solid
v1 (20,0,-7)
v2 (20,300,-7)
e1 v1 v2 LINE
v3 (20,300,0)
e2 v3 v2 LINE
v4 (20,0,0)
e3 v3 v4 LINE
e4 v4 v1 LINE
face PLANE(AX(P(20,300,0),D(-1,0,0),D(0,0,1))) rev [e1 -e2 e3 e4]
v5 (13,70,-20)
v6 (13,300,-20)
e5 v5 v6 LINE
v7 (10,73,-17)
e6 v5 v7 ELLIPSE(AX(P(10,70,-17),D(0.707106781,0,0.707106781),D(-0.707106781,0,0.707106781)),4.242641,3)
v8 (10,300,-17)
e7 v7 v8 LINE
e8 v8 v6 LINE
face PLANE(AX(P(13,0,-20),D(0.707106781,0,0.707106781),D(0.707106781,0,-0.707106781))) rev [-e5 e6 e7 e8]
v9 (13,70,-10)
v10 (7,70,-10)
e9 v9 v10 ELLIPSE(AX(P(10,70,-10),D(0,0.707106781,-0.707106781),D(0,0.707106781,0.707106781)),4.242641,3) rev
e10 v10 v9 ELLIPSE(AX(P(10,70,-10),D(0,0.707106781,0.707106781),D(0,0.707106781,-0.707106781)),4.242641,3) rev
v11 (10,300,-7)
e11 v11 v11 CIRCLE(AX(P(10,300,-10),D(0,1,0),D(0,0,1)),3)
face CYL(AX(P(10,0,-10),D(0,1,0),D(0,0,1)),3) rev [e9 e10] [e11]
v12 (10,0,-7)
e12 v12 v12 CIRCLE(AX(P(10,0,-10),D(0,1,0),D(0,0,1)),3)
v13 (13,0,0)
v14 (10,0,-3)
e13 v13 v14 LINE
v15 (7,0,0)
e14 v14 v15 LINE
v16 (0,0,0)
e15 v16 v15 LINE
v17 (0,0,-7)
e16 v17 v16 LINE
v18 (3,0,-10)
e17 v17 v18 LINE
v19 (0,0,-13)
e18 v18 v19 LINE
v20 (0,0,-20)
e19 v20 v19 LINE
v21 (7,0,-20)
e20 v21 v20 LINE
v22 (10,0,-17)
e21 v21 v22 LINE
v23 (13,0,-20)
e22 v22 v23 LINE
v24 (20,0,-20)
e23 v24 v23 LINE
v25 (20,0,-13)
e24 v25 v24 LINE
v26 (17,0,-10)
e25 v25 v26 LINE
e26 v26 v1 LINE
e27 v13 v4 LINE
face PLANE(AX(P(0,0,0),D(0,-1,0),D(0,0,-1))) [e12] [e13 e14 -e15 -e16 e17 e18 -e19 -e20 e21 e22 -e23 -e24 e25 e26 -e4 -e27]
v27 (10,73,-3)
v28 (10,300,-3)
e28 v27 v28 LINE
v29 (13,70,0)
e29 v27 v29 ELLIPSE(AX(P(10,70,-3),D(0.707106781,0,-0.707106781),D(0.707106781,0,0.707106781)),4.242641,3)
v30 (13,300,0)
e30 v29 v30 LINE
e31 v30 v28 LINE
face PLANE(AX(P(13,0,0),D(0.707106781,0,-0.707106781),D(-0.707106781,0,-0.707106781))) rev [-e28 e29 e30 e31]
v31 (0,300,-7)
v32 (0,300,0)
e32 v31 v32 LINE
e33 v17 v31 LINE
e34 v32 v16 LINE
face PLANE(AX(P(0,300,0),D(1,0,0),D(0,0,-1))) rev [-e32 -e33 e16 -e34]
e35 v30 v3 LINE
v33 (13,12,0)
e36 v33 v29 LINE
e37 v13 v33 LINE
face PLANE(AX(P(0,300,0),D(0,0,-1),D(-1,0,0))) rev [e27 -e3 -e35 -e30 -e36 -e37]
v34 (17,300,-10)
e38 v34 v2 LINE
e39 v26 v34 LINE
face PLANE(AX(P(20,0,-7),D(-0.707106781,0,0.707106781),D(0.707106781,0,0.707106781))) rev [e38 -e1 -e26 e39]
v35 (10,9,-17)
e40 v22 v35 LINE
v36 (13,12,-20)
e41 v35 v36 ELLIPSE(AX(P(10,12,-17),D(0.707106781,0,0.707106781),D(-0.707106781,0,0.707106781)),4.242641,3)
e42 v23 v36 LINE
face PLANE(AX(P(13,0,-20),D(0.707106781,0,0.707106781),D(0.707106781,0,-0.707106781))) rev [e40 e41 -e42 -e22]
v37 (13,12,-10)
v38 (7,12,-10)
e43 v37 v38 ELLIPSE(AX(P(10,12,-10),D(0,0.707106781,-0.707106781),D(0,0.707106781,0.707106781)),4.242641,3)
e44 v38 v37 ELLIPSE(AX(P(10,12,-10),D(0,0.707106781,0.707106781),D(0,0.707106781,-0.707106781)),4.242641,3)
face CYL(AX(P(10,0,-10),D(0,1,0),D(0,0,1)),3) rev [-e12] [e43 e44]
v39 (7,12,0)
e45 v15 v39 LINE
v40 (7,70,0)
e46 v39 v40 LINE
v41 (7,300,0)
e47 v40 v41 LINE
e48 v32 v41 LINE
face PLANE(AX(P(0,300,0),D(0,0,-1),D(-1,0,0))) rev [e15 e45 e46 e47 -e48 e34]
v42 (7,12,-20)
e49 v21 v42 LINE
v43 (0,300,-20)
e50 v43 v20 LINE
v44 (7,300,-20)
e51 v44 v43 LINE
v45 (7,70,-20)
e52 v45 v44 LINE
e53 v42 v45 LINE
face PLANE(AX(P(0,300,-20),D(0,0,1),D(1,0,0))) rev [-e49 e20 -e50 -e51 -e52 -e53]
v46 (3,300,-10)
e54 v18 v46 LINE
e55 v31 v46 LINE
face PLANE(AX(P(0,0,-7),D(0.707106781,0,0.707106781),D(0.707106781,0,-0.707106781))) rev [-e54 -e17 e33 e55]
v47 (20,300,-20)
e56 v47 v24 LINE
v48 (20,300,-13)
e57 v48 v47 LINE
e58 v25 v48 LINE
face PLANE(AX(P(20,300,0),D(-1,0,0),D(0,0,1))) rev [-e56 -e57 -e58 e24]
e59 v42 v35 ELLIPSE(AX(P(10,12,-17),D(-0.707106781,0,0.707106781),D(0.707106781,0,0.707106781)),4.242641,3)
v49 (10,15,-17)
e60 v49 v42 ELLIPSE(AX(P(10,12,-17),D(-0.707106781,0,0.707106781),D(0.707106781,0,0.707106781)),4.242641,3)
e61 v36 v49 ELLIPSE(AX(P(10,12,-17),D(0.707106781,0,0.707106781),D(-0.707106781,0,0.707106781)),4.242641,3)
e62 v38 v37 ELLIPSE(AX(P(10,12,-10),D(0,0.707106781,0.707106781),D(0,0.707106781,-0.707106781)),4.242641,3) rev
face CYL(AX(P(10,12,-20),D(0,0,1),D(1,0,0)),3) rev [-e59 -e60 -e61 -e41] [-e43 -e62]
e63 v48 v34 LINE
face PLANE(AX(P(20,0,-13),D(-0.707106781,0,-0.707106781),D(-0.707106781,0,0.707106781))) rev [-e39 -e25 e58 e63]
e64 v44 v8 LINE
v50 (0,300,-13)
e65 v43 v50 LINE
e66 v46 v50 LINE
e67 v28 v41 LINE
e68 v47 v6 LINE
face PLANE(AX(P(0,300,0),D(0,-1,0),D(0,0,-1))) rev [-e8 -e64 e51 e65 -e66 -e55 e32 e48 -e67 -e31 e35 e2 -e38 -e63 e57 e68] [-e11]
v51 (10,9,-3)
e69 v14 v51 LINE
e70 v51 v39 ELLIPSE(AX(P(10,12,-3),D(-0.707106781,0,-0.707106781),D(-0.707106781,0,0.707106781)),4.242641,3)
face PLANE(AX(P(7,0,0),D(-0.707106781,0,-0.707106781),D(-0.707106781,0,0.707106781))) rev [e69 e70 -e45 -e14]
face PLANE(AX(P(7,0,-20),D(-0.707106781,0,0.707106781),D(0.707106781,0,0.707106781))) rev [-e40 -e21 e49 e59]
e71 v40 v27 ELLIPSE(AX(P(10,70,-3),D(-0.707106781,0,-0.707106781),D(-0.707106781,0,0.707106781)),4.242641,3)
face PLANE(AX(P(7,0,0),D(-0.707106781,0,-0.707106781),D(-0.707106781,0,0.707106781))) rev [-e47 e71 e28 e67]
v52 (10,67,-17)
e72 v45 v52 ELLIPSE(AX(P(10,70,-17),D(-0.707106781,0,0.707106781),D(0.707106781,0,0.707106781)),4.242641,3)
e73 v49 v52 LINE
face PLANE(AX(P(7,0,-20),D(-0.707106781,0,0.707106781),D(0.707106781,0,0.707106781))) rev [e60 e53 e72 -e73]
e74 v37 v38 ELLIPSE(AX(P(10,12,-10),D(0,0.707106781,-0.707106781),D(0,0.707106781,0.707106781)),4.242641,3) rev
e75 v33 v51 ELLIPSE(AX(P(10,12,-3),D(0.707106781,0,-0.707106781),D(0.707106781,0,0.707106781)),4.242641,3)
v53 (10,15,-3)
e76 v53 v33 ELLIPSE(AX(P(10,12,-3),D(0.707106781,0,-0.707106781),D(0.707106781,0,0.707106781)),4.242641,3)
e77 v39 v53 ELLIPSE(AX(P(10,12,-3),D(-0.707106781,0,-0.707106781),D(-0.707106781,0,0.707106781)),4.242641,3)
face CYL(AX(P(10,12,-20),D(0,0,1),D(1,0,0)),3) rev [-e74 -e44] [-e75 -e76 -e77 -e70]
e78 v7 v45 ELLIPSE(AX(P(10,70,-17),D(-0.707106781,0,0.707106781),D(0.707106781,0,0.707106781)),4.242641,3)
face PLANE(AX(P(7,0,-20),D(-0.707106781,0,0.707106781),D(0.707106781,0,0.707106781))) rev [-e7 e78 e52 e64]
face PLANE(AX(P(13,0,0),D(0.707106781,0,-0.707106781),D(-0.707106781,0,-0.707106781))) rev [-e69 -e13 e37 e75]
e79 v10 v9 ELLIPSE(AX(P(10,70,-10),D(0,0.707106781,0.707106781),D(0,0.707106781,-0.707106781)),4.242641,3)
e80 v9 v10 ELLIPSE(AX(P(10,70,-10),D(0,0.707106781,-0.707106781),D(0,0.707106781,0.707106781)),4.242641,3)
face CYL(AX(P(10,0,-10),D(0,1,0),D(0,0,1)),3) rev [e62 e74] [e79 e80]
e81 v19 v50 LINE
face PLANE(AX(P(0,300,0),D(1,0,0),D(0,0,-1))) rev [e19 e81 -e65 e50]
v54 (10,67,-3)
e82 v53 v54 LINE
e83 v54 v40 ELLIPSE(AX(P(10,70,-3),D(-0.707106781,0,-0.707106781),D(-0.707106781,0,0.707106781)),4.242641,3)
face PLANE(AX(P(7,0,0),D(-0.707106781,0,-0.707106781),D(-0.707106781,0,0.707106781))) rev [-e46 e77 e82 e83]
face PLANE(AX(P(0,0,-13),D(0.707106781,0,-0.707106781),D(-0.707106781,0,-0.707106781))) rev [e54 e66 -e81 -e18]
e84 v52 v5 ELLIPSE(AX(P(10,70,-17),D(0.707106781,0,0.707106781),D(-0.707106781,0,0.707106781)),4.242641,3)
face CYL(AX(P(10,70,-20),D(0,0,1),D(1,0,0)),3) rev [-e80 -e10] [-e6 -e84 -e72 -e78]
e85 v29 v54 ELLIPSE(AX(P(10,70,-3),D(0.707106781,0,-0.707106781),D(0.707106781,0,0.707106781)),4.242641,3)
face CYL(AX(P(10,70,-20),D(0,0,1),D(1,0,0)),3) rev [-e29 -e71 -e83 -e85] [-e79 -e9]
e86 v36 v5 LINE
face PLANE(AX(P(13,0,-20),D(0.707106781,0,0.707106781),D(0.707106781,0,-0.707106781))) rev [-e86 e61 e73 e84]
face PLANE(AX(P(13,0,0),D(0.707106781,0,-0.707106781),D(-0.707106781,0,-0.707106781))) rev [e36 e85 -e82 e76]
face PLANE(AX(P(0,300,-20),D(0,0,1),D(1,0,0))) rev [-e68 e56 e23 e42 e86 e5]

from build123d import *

# Parameters (mm, degrees)
SKIZZE1_W                       = 20
SKIZZE1_H                       = 20
AUFSATZ_LINEAR_AUSTRAGEN1_DEPTH = 300
SCHNITT_LINEAR_AUSTRAGEN1_DEPTH = 301
SKIZZE3_R                       = 3
SCHNITT_LINEAR_AUSTRAGEN2_DEPTH = 301
SKETCH1_R                       = 3
CUT_EXTRUDE1_DEPTH              = 21


with BuildPart() as part:
    # Skizze1 → Aufsatz-Linear austragen1 (new body)
    with BuildSketch(Plane(origin=(0, 0, 0), x_dir=(1, 0, 0), z_dir=(0, 1, 0))):
        with Locations((10, 10)):
            Rectangle(SKIZZE1_W, SKIZZE1_H)
    extrude(amount=AUFSATZ_LINEAR_AUSTRAGEN1_DEPTH)

    # Skizze2 → Schnitt-Linear austragen1 (cut, through all)
    with BuildSketch(Plane(origin=(0, 300, 0), x_dir=(1, 0, 0), z_dir=(0, 1, 0))):
        Polygon((7, 20), (10, 17), (13, 20), align=None)
        Polygon((20, 13), (17, 10), (20, 7), align=None)
        Polygon((0, 7), (0, 13), (3, 10), align=None)
        Polygon((7, 0), (13, 0), (10, 3), align=None)
    extrude(amount=-SCHNITT_LINEAR_AUSTRAGEN1_DEPTH, mode=Mode.SUBTRACT)

    # Skizze3 → Schnitt-Linear austragen2 (cut, through all)
    with BuildSketch(Plane(origin=(0, 300, 0), x_dir=(1, 0, 0), z_dir=(0, 1, 0))):
        with Locations((10, 10)):
            Circle(SKIZZE3_R)
    extrude(amount=-SCHNITT_LINEAR_AUSTRAGEN2_DEPTH, mode=Mode.SUBTRACT)

    # Sketch1 → Cut-Extrude1 (cut, through all)
    with BuildSketch(Plane.XY):
        with Locations((10, 12)):
            Circle(SKETCH1_R)
        with Locations((10, 70)):
            Circle(SKETCH1_R)
    extrude(amount=-CUT_EXTRUDE1_DEPTH, mode=Mode.SUBTRACT)


solid = part.part
